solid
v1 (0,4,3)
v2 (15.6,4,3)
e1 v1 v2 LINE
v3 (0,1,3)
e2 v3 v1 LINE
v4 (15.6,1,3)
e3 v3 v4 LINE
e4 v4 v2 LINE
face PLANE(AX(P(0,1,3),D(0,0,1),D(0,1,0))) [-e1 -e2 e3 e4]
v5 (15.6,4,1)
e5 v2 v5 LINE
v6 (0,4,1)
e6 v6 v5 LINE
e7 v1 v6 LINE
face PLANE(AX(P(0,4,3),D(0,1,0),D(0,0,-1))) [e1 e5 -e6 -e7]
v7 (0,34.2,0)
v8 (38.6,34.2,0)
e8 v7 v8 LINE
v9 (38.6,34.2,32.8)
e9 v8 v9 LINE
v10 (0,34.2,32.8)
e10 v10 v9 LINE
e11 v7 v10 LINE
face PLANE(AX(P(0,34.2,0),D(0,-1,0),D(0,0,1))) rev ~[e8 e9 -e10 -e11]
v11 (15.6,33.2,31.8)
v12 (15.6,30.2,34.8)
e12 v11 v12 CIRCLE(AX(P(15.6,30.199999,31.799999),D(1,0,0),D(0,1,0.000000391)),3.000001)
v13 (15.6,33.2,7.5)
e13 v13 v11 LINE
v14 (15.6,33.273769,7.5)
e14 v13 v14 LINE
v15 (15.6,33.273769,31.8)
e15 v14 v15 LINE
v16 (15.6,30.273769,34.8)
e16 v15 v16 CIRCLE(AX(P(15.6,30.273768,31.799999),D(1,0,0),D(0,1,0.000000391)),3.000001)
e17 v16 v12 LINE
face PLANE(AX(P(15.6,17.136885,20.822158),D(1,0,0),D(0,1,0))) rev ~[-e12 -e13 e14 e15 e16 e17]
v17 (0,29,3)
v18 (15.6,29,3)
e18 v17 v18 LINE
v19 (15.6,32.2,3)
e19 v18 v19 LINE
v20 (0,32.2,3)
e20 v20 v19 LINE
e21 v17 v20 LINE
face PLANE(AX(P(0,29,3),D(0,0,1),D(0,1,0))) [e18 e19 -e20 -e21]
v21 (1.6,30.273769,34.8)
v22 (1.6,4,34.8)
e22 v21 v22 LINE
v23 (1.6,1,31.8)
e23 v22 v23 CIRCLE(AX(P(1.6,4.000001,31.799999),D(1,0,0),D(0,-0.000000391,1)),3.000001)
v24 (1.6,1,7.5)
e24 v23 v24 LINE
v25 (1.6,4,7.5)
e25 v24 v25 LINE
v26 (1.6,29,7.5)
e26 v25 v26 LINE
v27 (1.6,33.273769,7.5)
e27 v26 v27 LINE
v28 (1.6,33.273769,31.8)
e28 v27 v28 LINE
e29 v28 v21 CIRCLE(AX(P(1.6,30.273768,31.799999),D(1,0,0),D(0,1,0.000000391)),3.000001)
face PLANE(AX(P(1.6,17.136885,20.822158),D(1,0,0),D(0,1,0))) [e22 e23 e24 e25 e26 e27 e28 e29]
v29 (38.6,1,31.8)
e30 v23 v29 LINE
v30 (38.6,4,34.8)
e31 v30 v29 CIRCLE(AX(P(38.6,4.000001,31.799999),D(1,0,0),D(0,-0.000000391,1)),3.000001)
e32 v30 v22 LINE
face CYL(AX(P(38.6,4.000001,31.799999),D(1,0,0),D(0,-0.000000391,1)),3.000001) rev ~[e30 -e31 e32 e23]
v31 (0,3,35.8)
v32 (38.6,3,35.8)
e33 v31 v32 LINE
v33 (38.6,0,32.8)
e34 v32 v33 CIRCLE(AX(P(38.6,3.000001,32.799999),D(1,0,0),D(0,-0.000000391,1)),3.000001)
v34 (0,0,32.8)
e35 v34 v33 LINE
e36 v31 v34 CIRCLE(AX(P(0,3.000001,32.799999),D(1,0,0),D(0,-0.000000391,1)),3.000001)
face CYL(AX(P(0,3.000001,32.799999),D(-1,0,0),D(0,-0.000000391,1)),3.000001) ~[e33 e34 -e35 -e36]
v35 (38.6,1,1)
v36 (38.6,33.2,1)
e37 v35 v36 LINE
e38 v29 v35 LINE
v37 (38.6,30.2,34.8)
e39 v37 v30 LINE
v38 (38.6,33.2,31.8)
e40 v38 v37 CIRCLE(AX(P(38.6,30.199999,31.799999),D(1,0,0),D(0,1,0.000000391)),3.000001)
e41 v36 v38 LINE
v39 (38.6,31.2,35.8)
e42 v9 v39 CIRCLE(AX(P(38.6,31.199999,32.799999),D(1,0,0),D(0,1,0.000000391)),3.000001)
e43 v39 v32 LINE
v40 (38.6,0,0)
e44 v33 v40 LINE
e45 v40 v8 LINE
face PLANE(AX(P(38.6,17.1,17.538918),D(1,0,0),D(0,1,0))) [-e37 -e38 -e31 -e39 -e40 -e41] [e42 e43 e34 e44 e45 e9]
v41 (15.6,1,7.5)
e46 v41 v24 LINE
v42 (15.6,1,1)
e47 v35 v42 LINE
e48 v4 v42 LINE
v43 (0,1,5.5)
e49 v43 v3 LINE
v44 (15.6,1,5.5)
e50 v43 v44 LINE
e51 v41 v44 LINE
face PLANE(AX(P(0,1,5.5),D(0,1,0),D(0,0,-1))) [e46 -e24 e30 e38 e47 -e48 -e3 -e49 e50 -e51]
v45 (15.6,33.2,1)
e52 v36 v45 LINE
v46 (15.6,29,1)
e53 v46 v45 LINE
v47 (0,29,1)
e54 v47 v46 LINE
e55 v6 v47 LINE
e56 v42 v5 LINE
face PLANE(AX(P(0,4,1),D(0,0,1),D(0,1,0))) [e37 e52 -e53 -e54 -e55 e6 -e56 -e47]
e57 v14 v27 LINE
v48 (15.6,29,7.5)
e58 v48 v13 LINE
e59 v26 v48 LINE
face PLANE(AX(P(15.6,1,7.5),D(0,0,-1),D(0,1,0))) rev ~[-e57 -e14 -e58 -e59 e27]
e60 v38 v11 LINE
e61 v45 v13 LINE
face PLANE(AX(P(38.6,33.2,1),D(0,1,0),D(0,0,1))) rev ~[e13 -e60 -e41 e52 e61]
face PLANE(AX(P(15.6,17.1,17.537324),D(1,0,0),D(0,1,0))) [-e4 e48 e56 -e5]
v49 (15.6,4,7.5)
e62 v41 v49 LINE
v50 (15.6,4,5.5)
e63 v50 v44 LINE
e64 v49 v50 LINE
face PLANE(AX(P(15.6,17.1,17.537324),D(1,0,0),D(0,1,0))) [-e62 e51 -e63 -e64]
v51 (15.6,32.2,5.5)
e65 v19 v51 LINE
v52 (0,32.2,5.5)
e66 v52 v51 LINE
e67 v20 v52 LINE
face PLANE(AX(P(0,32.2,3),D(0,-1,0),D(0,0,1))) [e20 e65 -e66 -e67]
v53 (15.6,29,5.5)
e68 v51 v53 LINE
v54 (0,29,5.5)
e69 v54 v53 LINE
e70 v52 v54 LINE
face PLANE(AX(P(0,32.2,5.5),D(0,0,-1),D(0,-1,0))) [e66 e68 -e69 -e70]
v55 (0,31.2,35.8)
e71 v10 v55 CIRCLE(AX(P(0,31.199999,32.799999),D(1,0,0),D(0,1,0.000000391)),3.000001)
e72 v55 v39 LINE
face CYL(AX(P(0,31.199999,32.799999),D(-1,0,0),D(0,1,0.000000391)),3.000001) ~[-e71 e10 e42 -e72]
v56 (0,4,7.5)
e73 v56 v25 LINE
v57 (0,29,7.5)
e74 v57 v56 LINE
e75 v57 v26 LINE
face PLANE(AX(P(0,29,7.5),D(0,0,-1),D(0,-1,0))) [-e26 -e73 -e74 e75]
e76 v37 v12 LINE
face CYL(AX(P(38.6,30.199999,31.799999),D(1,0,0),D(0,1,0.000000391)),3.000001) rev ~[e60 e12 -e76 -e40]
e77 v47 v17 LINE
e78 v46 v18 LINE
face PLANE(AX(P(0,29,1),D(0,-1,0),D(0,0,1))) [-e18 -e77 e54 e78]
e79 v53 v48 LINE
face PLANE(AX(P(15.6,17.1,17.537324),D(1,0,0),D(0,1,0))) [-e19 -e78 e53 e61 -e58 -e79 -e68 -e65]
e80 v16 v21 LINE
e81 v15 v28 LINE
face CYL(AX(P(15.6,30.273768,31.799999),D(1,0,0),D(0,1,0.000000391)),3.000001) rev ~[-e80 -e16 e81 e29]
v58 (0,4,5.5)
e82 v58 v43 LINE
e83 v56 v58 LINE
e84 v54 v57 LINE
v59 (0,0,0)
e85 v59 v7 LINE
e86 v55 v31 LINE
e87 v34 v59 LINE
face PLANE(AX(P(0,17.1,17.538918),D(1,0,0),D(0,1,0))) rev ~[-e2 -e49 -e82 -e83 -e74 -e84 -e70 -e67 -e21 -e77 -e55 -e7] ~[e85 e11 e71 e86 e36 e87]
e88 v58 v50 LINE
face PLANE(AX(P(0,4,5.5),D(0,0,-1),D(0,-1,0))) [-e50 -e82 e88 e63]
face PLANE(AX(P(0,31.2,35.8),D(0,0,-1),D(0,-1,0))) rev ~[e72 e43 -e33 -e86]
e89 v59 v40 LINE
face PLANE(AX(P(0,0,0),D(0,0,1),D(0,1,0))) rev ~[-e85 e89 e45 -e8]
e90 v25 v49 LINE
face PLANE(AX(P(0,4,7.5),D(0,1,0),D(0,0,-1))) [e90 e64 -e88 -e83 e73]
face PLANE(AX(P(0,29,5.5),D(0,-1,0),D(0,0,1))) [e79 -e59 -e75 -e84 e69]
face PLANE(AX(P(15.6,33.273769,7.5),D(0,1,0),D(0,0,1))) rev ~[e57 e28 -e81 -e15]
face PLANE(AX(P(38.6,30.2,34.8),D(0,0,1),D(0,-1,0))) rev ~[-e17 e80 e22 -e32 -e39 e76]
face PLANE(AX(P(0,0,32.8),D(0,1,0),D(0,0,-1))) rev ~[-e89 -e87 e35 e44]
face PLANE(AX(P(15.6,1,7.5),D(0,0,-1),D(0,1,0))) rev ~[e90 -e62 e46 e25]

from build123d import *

# Parameters (mm, degrees)
PAD_DEPTH       = 38.6
POCKET_DEPTH    = 16
POCKET001_DEPTH = 23
POCKET002_DEPTH = 14


with BuildPart() as part:
    # Sketch → Pad (new body)
    with BuildSketch(Plane.YZ):
        with BuildLine():
            Line((0, 0), (34.2, 0))
            Line((34.2, 0), (34.2, 32.8))
            ThreePointArc((34.2, 32.8), (33.32132, 34.92132), (31.2, 35.8))
            Line((31.2, 35.8), (3, 35.8))
            ThreePointArc((3, 35.8), (0.87868, 34.92132), (0, 32.8))
            Line((0, 32.8), (0, 0))
        make_face()
    extrude(amount=PAD_DEPTH)

    # Sketch001 (on Face7 of Pad) → Pocket (cut)
    with BuildSketch(Plane(origin=(0, 0, 0), x_dir=(0, 1, 0), z_dir=(-1, 0, 0))):
        Polygon((4, -3), (4, -1), (29, -1), (29, -3), (32.2, -3), (32.2, -5.5), (29, -5.5), (29, -7.5), (4, -7.5), (4, -5.5), (1, -5.5), (1, -3), align=None)
    extrude(amount=-POCKET_DEPTH, mode=Mode.SUBTRACT)

    # Sketch002 (on Face5 of Pocket) → Pocket001 (cut)
    with BuildSketch(Plane.YZ.offset(38.6)):
        with BuildLine():
            Line((1, 1), (33.2, 1))
            Line((33.2, 1), (33.2, 31.8))
            ThreePointArc((33.2, 31.8), (32.32132, 33.92132), (30.2, 34.8))
            Line((30.2, 34.8), (4, 34.8))
            ThreePointArc((4, 34.8), (1.87868, 33.92132), (1, 31.8))
            Line((1, 31.8), (1, 1))
        make_face()
    extrude(amount=-POCKET001_DEPTH, mode=Mode.SUBTRACT)

    # Sketch003 (on Face29 of Pocket001) → Pocket002 (cut)
    with BuildSketch(Plane.YZ.offset(15.6)):
        with BuildLine():
            Line((1, 7.5), (33.273769, 7.5))
            Line((33.273769, 7.5), (33.273769, 31.8))
            ThreePointArc((33.273769, 31.8), (32.395089, 33.92132), (30.273769, 34.8))
            Line((30.273769, 34.8), (4, 34.8))
            ThreePointArc((4, 34.8), (1.87868, 33.92132), (1, 31.8))
            Line((1, 31.8), (1, 7.5))
        make_face()
    extrude(amount=-POCKET002_DEPTH, mode=Mode.SUBTRACT)


solid = part.part
